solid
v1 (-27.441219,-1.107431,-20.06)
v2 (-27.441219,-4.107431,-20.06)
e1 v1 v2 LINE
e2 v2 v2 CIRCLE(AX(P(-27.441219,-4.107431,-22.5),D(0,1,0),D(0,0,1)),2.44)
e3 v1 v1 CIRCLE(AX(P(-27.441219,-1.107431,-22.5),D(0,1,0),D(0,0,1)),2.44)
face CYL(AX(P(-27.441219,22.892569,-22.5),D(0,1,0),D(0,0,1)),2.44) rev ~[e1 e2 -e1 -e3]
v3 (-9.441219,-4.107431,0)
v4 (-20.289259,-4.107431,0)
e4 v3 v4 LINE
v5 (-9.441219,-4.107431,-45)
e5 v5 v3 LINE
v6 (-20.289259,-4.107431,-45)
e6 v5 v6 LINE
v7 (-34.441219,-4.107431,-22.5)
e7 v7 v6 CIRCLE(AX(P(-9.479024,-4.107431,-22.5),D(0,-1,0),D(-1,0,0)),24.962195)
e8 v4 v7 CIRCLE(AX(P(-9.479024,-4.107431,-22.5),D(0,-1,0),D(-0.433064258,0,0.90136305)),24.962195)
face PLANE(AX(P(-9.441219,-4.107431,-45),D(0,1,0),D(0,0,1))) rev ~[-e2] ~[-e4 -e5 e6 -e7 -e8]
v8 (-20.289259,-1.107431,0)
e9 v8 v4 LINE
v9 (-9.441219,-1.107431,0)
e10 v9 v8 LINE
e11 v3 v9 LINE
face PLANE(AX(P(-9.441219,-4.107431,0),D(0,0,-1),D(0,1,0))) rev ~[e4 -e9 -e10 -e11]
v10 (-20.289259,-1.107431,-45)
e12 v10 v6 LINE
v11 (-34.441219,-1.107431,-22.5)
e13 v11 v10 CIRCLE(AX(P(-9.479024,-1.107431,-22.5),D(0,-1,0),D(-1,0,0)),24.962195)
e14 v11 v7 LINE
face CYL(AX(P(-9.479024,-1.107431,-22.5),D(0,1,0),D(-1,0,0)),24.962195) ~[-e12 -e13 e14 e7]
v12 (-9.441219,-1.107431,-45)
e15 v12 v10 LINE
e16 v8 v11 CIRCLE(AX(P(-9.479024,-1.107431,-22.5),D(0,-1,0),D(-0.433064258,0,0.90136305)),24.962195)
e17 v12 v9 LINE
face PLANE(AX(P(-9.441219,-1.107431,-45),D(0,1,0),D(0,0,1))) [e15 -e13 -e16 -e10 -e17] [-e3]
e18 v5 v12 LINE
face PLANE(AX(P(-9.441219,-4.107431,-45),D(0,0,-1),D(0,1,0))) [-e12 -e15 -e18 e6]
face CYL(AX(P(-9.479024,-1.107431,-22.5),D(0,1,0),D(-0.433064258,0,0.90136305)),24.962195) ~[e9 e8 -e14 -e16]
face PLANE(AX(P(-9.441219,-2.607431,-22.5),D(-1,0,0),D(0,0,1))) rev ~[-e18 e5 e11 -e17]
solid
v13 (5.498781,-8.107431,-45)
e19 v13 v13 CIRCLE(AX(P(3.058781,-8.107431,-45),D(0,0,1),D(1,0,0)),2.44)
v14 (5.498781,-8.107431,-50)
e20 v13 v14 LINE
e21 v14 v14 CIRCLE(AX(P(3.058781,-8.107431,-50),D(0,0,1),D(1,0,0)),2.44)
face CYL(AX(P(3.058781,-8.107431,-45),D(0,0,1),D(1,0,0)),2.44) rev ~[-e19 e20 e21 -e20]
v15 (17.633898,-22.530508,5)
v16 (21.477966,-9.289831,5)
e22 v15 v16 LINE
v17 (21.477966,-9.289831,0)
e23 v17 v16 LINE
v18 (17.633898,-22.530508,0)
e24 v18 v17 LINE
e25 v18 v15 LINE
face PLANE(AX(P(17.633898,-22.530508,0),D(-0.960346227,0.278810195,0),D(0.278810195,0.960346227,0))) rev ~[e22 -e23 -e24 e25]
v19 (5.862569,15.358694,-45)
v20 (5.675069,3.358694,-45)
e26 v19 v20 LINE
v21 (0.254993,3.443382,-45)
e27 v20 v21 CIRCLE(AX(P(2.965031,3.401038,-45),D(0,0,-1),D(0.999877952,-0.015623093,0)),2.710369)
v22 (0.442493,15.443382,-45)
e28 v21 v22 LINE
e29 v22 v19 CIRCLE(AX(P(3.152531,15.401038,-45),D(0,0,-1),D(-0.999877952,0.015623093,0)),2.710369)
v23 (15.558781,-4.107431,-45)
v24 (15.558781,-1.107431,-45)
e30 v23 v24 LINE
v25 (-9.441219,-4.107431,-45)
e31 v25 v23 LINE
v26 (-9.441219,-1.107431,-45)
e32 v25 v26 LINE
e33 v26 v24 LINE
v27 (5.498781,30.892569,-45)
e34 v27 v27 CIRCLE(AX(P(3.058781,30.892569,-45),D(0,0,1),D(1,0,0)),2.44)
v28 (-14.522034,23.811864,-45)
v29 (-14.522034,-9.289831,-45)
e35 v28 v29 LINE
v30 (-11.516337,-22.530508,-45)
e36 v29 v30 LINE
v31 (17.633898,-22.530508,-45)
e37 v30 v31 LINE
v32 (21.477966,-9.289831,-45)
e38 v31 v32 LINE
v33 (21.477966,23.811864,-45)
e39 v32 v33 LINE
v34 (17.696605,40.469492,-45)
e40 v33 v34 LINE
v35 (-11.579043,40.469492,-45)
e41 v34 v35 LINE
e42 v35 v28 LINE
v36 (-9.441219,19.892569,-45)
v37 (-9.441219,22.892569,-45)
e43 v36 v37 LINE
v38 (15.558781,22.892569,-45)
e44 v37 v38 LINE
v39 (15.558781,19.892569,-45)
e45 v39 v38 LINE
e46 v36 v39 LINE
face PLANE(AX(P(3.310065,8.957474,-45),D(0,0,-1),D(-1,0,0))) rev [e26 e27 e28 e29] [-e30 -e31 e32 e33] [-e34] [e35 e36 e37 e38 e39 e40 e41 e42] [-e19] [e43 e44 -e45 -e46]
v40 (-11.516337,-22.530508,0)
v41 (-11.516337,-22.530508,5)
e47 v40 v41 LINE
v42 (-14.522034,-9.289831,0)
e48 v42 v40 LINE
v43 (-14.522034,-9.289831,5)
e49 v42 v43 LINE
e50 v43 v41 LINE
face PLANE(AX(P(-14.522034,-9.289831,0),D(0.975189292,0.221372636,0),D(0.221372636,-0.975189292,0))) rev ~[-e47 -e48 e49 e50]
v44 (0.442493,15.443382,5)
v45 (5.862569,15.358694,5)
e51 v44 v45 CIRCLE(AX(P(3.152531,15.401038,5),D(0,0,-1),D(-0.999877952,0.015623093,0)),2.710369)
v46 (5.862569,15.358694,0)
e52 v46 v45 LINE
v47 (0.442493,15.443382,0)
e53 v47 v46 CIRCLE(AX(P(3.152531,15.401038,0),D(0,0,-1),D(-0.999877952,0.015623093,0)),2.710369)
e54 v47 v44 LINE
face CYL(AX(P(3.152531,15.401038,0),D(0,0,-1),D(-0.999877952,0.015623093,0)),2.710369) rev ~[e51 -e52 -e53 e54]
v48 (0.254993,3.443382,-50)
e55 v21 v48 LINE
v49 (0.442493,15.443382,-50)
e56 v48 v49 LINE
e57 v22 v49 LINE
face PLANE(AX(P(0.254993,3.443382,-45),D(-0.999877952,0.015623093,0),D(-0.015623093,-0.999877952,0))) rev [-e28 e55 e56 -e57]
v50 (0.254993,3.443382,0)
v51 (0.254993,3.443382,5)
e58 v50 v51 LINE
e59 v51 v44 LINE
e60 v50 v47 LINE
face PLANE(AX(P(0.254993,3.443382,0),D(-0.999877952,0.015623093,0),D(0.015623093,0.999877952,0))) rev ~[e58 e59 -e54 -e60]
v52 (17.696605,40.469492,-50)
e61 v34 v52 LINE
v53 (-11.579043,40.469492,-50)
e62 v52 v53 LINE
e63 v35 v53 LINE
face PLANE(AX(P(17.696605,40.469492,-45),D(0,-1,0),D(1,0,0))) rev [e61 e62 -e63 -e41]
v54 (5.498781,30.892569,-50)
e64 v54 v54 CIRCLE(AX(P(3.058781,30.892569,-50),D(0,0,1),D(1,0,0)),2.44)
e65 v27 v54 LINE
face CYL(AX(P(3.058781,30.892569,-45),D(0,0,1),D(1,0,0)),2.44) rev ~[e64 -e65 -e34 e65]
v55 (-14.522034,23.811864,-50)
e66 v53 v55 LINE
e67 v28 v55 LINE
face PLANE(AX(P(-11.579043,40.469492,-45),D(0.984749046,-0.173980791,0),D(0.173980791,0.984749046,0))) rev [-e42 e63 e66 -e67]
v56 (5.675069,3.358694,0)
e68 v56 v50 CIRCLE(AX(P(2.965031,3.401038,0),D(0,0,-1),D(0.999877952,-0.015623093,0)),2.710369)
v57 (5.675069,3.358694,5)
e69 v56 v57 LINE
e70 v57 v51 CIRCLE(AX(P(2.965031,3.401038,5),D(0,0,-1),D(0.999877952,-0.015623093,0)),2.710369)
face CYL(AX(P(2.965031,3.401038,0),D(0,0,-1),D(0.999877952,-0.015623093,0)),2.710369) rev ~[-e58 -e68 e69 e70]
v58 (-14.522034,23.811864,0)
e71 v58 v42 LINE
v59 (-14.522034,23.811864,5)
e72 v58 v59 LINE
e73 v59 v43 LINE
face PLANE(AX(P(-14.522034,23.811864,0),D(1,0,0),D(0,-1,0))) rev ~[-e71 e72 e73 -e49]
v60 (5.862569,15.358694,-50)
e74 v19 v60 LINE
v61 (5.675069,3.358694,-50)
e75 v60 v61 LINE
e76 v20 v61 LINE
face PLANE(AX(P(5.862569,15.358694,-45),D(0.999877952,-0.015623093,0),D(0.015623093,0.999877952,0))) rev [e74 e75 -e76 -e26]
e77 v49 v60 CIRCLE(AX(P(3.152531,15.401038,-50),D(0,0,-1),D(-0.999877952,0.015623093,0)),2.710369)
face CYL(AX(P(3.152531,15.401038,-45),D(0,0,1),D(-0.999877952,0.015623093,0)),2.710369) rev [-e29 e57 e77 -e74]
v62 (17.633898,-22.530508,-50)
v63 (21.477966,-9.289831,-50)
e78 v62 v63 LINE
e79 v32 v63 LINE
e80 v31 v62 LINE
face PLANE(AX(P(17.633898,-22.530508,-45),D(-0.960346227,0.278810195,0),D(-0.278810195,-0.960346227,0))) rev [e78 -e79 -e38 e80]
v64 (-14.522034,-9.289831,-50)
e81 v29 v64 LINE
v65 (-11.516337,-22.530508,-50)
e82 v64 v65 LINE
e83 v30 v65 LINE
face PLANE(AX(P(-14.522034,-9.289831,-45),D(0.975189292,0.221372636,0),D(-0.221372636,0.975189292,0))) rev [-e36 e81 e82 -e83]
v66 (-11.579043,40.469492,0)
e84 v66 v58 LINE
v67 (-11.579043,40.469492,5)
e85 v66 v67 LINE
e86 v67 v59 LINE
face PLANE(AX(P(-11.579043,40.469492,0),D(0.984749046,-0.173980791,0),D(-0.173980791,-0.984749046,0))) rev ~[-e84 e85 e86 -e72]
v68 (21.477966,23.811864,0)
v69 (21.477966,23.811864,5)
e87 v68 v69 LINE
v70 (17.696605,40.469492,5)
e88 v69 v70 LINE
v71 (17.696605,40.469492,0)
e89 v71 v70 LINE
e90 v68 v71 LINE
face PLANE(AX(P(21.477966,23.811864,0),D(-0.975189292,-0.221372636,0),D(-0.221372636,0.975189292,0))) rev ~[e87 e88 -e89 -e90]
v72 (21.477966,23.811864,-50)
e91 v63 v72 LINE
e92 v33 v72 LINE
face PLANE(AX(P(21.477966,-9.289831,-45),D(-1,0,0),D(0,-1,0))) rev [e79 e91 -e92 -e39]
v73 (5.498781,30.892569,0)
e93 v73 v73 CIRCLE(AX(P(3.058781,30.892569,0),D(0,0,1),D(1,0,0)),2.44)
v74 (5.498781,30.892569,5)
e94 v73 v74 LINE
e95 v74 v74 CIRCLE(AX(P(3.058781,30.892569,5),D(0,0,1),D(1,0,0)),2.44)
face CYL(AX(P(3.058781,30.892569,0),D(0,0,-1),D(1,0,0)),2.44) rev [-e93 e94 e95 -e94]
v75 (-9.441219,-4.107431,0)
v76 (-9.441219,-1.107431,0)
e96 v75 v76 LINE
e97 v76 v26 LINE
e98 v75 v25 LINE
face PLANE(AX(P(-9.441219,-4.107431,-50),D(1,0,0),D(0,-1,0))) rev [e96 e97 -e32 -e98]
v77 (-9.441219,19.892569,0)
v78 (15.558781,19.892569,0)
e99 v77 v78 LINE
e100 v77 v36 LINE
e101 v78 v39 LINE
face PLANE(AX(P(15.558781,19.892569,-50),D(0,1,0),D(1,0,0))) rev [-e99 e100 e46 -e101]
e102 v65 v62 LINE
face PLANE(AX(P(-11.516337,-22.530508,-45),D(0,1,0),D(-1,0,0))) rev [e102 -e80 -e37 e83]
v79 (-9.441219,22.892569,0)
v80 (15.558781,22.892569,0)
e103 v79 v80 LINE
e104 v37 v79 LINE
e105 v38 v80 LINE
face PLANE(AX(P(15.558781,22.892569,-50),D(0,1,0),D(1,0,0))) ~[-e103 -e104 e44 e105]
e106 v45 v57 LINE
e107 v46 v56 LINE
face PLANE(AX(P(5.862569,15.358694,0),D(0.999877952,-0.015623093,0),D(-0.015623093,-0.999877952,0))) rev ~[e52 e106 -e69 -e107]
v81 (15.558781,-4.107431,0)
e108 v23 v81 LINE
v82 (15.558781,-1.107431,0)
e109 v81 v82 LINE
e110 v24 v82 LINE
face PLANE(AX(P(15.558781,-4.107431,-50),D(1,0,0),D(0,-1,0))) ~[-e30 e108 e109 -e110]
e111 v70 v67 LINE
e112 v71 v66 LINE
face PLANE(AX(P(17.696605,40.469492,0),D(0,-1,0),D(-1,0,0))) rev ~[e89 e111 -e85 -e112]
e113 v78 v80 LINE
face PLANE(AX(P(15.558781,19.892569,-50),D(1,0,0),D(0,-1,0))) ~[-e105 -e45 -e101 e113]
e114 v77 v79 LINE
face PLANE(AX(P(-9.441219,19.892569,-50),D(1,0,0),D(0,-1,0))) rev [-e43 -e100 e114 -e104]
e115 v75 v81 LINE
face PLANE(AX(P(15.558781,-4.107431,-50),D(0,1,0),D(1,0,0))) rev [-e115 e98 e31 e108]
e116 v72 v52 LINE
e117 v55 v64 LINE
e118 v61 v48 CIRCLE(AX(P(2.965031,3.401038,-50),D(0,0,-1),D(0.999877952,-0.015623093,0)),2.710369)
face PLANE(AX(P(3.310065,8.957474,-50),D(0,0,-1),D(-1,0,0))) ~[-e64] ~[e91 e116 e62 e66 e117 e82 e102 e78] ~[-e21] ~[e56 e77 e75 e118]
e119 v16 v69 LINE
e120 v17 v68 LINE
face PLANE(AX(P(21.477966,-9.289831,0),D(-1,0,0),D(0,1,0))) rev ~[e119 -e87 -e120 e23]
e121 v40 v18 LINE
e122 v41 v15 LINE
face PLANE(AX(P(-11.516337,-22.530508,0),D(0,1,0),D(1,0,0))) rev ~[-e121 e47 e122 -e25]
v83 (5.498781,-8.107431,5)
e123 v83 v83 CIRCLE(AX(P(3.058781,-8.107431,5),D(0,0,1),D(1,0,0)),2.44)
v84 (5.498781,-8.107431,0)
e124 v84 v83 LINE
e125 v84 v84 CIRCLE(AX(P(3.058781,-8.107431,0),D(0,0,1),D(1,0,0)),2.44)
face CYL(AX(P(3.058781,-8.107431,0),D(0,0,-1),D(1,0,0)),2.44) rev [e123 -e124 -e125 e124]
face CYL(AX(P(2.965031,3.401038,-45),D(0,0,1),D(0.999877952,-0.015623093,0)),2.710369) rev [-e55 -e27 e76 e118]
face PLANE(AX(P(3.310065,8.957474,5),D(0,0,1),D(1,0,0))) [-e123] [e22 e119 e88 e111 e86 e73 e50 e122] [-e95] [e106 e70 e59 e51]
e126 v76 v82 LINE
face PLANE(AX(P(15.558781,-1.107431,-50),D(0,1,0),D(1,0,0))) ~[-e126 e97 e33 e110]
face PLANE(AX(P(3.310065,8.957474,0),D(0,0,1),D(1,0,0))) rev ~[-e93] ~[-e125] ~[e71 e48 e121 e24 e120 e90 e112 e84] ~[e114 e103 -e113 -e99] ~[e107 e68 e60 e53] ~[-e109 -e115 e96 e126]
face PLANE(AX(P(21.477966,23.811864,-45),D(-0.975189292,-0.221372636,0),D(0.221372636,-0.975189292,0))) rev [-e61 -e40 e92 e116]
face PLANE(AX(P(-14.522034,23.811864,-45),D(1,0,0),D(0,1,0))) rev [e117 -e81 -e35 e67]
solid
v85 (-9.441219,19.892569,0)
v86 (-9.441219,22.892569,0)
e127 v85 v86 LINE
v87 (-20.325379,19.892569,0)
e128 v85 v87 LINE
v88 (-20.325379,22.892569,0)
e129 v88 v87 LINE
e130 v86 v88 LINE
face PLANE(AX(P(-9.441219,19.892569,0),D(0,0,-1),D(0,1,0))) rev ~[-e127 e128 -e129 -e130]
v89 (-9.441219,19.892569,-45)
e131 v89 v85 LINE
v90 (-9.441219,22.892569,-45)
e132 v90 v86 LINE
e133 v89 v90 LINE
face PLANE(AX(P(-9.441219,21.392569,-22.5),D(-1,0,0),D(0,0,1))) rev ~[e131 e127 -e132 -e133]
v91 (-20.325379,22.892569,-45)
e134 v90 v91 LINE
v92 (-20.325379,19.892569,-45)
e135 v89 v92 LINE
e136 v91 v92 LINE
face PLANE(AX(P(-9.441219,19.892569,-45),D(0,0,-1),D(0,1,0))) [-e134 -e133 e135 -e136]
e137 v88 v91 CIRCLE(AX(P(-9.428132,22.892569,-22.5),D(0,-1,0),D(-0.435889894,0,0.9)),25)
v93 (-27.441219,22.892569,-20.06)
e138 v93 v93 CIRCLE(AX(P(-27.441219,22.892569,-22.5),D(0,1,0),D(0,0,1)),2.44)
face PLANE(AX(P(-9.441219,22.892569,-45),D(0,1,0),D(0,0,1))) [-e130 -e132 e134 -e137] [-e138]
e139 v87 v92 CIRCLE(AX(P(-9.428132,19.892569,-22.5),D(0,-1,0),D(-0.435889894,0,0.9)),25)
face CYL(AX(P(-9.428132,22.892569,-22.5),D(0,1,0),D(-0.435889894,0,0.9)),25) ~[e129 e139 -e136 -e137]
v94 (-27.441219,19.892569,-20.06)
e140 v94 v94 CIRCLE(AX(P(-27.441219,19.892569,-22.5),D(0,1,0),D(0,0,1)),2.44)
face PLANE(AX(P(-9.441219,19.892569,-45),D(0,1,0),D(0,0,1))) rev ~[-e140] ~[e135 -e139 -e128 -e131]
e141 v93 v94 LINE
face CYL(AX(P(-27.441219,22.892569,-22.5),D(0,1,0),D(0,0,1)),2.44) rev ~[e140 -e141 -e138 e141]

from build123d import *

# Parameters (mm, degrees)
SKETCH_1_R           = 2.44
SKETCH_1_W           = 25
SKETCH_1_H           = 3
EXTRUDE_1_DEPTH      = 5
EXTRUDE_5_DEPTH      = 22.5
EXTRUDE_5_DEPTH_BACK = 5
SKETCH_6_W           = 25
SKETCH_6_H           = 3
SKETCH_7_W           = 45
SKETCH_7_H           = 3
EXTRUDE_6_DEPTH      = 25
CUT_EXTRUDE_1_DEPTH  = 3
SKETCH_9_W           = 45
SKETCH_9_H           = 3
EXTRUDE_7_DEPTH      = 25
CUT_EXTRUDE_2_DEPTH  = 3
SKETCH_11_R          = 2.44
CUT_EXTRUDE_4_DEPTH  = 27


with BuildPart() as part:
    # 草图1 → 凸台-拉伸1 (new body)
    with BuildSketch(Plane.XY):
        Polygon((17.696605027, 40.469491525), (-11.579043351, 40.469491525), (-14.522033898, 23.811864407), (-14.522033898, -9.289830508), (-11.516336634, -22.530508475), (17.633898309, -22.530508475), (21.477966102, -9.289830508), (21.477966102, 23.811864407), align=None)
        with Locations((3.058780838, 30.892569201)):
            Circle(SKETCH_1_R, mode=Mode.SUBTRACT)
        with Locations((3.058780838, -8.107430799)):
            Circle(SKETCH_1_R, mode=Mode.SUBTRACT)
        with Locations((3.058780838, 21.392569201)):
            Rectangle(SKETCH_1_W, SKETCH_1_H, mode=Mode.SUBTRACT)
        with Locations((3.058780838, -2.607430799)):
            Rectangle(SKETCH_1_W, SKETCH_1_H, mode=Mode.SUBTRACT)
        with BuildLine():
            Line((0.254992558, 3.443382419), (0.442492558, 15.443382419))
            ThreePointArc((0.442492558, 15.443382419), (3.194875186, 18.111076351), (5.862569118, 15.358693723))
            Line((5.862569118, 15.358693723), (5.675069118, 3.358693723))
            ThreePointArc((5.675069118, 3.358693723), (2.92268649, 0.690999791), (0.254992558, 3.443382419))
        make_face(mode=Mode.SUBTRACT)
    extrude(amount=EXTRUDE_1_DEPTH)

    # 草图6 → 凸台-拉伸5 (add, two sides: drawn at the far end of the back side and taken through both)
    with BuildSketch(Plane(origin=(0, 0, 0), x_dir=(-1, 0, 0), z_dir=(0, 0, -1)).offset(-EXTRUDE_5_DEPTH_BACK)):
        with Locations((-3.058780838, 21.392569201)):
            Rectangle(SKETCH_6_W, SKETCH_6_H)
        with Locations((-3.058780838, -2.607430799)):
            Rectangle(SKETCH_6_W, SKETCH_6_H)
    extrude(amount=EXTRUDE_5_DEPTH + EXTRUDE_5_DEPTH_BACK)

    # 镜向2: part across plane


with BuildPart() as part_1:
    add(part.part)
    add(part.part.mirror(Plane(origin=(0, 0, -22.5), x_dir=(1, 0, 0), z_dir=(0, 0, -1))))


with BuildPart() as body_2:
    # 草图7 → 凸台-拉伸6 (new body)
    with BuildSketch(Plane.ZY.offset(9.441219162)):
        with Locations((-22.5, 21.392569201)):
            Rectangle(SKETCH_7_W, SKETCH_7_H)
    extrude(amount=EXTRUDE_6_DEPTH)

    # 草图8 → 切除-拉伸1 (cut)
    with BuildSketch(Plane(origin=(0, 22.892569201, 0), x_dir=(1, 0, 0), z_dir=(0, 1, 0))):
        with BuildLine():
            Line((-34.441219162, 0), (-20.325379476, 0))
            ThreePointArc((-20.325379476, 0), (-34.428132117, 22.5), (-20.325379476, 45))
            Line((-20.325379476, 45), (-34.441219162, 45))
            Line((-34.441219162, 45), (-34.441219162, 0))
        make_face()
    extrude(amount=-CUT_EXTRUDE_1_DEPTH, mode=Mode.SUBTRACT)


with BuildPart() as body_3:
    # 草图9 → 凸台-拉伸7 (new body)
    with BuildSketch(Plane.ZY.offset(9.441219162)):
        with Locations((-22.5, -2.607430799)):
            Rectangle(SKETCH_9_W, SKETCH_9_H)
    extrude(amount=EXTRUDE_7_DEPTH)

    # 草图10 → 切除-拉伸2 (cut)
    with BuildSketch(Plane(origin=(0, -1.107430799, 0), x_dir=(1, 0, 0), z_dir=(0, 1, 0))):
        with BuildLine():
            ThreePointArc((-34.441219162, 22.5), (-30.609078149, 35.790297055), (-20.289258761, 45))
            Line((-20.289258761, 45), (-34.441219162, 45))
            Line((-34.441219162, 45), (-34.441219162, 22.5))
        make_face()
        with BuildLine():
            Line((-34.441219162, 0), (-20.289258761, 0))
            ThreePointArc((-20.289258761, 0), (-30.609078149, 9.209702945), (-34.441219162, 22.5))
            Line((-34.441219162, 22.5), (-34.441219162, 0))
        make_face()
    extrude(amount=-CUT_EXTRUDE_2_DEPTH, mode=Mode.SUBTRACT)


with BuildPart() as cut_extrude_4_tool:
    # 草图11 → 切除-拉伸4 (new body)
    with BuildSketch(Plane(origin=(0, 22.892569201, 0), x_dir=(1, 0, 0), z_dir=(0, 1, 0))):
        with Locations(Location((-27.441219162, 22.5, 0), (0, 0, 270))):
            Circle(SKETCH_11_R)
    extrude(amount=-CUT_EXTRUDE_4_DEPTH)


with BuildPart() as body_2_1:
    add(body_2.part)

    # 切除-拉伸4: cut by cut_extrude_4_tool
    add(cut_extrude_4_tool.part, mode=Mode.SUBTRACT)


with BuildPart() as body_3_1:
    add(body_3.part)

    # 切除-拉伸4: cut by cut_extrude_4_tool
    add(cut_extrude_4_tool.part, mode=Mode.SUBTRACT)


solid = Compound([part_1.part, body_2_1.part, body_3_1.part])
